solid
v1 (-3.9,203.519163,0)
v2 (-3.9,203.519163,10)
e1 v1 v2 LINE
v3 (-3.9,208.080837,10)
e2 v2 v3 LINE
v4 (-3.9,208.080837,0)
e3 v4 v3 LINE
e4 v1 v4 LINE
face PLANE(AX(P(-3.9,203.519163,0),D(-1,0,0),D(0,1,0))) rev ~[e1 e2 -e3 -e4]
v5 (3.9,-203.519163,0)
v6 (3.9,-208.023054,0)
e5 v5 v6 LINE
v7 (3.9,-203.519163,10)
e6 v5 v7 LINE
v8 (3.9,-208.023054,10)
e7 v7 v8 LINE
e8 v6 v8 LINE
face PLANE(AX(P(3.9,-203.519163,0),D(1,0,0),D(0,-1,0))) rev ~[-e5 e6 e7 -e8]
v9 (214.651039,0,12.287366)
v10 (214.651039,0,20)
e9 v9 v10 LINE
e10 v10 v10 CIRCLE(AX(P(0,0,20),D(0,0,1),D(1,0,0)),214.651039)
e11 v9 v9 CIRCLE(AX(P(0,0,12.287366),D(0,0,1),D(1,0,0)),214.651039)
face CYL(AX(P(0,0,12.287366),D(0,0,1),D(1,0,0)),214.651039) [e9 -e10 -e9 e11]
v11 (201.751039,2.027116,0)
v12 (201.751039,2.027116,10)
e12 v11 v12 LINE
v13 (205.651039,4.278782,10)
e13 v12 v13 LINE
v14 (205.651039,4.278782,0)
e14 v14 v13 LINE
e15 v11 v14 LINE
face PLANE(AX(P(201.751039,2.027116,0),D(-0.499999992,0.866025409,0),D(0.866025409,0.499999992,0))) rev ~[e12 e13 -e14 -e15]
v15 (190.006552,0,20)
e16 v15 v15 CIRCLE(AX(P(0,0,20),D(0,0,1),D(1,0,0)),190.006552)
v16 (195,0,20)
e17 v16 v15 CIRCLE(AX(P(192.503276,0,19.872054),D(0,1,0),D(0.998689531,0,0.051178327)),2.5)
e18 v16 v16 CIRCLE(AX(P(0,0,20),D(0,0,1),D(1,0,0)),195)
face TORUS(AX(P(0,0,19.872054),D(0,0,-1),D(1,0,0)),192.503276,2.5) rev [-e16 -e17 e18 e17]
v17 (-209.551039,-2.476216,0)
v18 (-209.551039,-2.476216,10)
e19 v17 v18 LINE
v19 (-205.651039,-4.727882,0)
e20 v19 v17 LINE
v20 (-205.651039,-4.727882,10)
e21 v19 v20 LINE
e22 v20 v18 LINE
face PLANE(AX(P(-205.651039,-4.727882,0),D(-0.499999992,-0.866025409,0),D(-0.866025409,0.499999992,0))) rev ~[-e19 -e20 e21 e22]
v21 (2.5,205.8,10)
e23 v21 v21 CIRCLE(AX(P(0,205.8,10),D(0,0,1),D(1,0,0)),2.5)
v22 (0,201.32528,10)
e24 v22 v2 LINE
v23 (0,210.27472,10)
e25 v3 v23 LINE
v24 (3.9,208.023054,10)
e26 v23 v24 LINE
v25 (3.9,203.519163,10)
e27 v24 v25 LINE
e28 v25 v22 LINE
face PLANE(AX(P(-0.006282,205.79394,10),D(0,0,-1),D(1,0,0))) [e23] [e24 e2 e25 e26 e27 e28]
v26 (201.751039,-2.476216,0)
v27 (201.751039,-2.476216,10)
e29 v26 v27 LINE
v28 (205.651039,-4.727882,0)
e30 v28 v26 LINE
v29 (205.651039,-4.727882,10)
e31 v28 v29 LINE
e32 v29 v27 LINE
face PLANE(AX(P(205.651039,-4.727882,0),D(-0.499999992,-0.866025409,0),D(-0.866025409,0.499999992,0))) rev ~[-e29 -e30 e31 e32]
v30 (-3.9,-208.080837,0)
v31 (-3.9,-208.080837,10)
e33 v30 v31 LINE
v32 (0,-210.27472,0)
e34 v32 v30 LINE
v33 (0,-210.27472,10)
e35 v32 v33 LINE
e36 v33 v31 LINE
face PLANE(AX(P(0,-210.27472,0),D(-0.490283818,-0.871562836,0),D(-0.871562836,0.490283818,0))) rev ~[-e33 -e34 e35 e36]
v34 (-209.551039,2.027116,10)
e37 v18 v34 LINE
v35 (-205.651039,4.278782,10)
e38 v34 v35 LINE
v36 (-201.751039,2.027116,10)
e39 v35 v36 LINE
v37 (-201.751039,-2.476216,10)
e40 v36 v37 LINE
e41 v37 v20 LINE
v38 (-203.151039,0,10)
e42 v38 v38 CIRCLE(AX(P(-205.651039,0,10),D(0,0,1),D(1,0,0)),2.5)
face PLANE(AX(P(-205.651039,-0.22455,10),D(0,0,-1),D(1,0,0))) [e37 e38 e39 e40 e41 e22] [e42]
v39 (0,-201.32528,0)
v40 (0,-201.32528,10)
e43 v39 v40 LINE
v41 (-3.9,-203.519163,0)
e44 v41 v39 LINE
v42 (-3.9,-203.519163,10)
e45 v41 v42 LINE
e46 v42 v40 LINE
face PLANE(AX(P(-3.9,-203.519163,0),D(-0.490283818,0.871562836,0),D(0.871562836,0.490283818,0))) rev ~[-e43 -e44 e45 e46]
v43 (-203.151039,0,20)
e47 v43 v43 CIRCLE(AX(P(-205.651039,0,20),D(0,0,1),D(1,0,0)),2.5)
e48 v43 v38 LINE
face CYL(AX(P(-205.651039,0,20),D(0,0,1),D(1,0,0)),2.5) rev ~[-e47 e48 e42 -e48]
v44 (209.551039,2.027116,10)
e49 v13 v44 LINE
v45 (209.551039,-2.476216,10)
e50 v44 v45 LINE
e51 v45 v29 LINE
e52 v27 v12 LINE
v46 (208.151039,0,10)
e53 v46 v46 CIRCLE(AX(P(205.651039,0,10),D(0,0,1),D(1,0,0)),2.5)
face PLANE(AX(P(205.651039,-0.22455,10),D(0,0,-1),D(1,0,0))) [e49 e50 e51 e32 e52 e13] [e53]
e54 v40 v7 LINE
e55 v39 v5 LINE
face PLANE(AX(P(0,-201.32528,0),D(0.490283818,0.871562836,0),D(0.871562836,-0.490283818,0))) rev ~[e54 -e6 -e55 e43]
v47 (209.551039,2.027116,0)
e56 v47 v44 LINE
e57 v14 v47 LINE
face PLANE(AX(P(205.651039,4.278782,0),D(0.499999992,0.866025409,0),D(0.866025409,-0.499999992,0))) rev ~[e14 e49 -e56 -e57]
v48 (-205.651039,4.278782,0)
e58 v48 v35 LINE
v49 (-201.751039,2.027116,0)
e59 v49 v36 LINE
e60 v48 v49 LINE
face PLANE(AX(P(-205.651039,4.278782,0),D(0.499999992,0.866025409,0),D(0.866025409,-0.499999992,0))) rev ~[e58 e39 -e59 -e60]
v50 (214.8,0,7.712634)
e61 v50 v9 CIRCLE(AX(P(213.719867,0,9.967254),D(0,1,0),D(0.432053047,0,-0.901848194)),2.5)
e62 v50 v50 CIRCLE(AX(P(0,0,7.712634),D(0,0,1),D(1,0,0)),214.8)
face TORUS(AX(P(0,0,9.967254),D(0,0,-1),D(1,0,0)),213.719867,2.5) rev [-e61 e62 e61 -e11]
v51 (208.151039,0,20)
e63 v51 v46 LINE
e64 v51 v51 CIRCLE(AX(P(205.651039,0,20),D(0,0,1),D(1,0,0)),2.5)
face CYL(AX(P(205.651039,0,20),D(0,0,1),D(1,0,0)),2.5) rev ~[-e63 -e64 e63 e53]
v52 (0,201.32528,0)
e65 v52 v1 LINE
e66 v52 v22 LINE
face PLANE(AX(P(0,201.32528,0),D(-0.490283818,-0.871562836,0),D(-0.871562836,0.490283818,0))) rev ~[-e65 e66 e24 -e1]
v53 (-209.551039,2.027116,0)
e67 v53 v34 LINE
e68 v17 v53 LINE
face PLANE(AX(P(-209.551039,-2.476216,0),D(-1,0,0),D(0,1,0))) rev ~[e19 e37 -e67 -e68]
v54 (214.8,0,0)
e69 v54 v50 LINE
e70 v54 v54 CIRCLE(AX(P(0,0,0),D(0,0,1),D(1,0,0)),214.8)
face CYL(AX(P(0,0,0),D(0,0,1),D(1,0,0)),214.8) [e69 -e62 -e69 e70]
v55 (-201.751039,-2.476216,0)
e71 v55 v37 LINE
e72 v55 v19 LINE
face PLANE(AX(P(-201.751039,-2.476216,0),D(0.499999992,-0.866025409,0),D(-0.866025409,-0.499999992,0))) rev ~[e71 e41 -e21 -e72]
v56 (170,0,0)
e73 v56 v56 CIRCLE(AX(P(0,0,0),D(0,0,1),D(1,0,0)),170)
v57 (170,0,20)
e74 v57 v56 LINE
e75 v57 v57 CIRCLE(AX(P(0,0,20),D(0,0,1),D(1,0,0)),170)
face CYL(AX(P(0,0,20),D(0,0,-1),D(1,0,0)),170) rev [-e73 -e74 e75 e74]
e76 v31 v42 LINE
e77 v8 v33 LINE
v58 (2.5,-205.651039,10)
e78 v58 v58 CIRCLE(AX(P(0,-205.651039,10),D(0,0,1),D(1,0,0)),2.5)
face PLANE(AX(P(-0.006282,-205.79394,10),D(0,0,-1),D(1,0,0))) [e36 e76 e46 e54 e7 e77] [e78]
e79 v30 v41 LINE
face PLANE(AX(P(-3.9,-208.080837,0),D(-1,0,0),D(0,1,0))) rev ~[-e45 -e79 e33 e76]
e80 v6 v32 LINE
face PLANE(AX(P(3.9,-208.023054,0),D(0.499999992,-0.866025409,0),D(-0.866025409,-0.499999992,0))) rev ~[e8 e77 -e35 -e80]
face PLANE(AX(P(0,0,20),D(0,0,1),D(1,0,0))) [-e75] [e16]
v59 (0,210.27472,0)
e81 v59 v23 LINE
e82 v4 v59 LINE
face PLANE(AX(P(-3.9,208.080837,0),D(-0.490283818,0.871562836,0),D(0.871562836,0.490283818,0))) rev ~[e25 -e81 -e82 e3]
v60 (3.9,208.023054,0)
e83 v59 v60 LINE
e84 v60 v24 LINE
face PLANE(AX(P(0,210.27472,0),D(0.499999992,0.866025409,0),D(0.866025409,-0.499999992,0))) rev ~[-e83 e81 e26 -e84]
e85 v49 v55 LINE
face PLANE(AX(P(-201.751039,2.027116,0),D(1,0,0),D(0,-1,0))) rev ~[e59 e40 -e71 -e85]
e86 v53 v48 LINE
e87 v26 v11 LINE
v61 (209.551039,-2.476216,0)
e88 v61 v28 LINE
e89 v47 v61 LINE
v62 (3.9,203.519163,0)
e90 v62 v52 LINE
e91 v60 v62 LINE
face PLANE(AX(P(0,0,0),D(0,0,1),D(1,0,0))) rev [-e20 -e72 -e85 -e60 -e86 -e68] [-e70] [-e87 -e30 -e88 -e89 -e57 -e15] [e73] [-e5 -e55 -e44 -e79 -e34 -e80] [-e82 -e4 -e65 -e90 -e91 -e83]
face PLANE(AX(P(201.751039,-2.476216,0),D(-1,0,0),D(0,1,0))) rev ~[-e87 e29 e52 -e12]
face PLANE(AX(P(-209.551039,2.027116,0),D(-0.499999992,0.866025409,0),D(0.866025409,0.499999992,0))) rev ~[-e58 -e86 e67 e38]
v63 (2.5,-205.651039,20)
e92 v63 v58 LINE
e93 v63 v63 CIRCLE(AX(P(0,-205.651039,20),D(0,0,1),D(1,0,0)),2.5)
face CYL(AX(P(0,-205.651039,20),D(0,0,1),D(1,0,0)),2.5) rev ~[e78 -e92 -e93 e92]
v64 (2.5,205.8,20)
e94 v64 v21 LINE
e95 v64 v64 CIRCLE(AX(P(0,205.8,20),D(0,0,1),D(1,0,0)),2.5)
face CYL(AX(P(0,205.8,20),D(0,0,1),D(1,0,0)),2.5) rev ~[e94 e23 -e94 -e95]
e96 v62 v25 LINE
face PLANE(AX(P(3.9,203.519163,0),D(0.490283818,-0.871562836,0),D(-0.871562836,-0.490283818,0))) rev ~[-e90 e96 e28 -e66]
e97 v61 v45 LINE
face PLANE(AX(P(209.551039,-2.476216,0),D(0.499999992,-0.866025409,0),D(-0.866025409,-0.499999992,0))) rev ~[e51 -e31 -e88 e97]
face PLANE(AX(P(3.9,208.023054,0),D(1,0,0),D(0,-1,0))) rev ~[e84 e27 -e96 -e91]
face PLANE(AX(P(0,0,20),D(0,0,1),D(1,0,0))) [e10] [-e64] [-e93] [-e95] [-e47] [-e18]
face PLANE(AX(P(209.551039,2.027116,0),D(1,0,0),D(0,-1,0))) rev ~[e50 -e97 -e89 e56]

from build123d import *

# Parameters (mm, degrees)
F2_R     = 2.5
F3_DEPTH = 20.001
F5_DEPTH = 10


with BuildPart() as f1:
    # F0 (on Front) → F1 (revolve)
    with BuildSketch(Plane.XZ):
        with BuildLine():
            Line((190.006552, 20), (170, 20))
            Line((170, 20), (170, 0))
            Line((170, 0), (214.8, 0))
            Line((214.8, 0), (214.8, 7.712634))
            ThreePointArc((214.8, 7.712634), (211.221192, 9.885893), (214.651039, 12.287366))
            Line((214.651039, 12.287366), (214.651039, 20))
            Line((214.651039, 20), (195, 20))
            ThreePointArc((195, 20), (192.503276, 17.372054), (190.006552, 20))
        make_face()
    revolve(axis=Axis((0, 0, 35.473917), (0, 0, 1)))

    # F2 (on face) → F3 (cut, through all)
    with BuildSketch(Plane.XY.offset(20)):
        with Locations((205.651039, 0)):
            Circle(F2_R)
        with Locations((0, 205.8)):
            Circle(F2_R)
        with Locations((-205.651039, 0)):
            Circle(F2_R)
        with Locations((0, -205.651039)):
            Circle(F2_R)
    extrude(amount=-F3_DEPTH, mode=Mode.SUBTRACT)

    # F4 (on face) → F5 (cut)
    with BuildSketch(Plane(origin=(0, 0, 0), x_dir=(1, 0, 0), z_dir=(0, 0, -1))):
        Polygon((209.551039, -2.027116), (209.551039, 2.476216), (205.651039, 4.727882), (201.751039, 2.476216), (201.751039, -2.027116), (205.651039, -4.278782), align=None)
        Polygon((-205.651039, 4.727882), (-209.551039, 2.476216), (-209.551039, -2.027116), (-205.651039, -4.278782), (-201.751039, -2.027116), (-201.751039, 2.476216), align=None)
        Polygon((3.9, -208.023054), (3.9, -203.519163), (0, -201.32528), (-3.9, -203.519163), (-3.9, -208.080837), (0, -210.27472), align=None)
        Polygon((3.9, 208.023054), (0, 210.27472), (-3.9, 208.080837), (-3.9, 203.519163), (0, 201.32528), (3.9, 203.519163), align=None)
    extrude(amount=-F5_DEPTH, mode=Mode.SUBTRACT)


solid = f1.part
